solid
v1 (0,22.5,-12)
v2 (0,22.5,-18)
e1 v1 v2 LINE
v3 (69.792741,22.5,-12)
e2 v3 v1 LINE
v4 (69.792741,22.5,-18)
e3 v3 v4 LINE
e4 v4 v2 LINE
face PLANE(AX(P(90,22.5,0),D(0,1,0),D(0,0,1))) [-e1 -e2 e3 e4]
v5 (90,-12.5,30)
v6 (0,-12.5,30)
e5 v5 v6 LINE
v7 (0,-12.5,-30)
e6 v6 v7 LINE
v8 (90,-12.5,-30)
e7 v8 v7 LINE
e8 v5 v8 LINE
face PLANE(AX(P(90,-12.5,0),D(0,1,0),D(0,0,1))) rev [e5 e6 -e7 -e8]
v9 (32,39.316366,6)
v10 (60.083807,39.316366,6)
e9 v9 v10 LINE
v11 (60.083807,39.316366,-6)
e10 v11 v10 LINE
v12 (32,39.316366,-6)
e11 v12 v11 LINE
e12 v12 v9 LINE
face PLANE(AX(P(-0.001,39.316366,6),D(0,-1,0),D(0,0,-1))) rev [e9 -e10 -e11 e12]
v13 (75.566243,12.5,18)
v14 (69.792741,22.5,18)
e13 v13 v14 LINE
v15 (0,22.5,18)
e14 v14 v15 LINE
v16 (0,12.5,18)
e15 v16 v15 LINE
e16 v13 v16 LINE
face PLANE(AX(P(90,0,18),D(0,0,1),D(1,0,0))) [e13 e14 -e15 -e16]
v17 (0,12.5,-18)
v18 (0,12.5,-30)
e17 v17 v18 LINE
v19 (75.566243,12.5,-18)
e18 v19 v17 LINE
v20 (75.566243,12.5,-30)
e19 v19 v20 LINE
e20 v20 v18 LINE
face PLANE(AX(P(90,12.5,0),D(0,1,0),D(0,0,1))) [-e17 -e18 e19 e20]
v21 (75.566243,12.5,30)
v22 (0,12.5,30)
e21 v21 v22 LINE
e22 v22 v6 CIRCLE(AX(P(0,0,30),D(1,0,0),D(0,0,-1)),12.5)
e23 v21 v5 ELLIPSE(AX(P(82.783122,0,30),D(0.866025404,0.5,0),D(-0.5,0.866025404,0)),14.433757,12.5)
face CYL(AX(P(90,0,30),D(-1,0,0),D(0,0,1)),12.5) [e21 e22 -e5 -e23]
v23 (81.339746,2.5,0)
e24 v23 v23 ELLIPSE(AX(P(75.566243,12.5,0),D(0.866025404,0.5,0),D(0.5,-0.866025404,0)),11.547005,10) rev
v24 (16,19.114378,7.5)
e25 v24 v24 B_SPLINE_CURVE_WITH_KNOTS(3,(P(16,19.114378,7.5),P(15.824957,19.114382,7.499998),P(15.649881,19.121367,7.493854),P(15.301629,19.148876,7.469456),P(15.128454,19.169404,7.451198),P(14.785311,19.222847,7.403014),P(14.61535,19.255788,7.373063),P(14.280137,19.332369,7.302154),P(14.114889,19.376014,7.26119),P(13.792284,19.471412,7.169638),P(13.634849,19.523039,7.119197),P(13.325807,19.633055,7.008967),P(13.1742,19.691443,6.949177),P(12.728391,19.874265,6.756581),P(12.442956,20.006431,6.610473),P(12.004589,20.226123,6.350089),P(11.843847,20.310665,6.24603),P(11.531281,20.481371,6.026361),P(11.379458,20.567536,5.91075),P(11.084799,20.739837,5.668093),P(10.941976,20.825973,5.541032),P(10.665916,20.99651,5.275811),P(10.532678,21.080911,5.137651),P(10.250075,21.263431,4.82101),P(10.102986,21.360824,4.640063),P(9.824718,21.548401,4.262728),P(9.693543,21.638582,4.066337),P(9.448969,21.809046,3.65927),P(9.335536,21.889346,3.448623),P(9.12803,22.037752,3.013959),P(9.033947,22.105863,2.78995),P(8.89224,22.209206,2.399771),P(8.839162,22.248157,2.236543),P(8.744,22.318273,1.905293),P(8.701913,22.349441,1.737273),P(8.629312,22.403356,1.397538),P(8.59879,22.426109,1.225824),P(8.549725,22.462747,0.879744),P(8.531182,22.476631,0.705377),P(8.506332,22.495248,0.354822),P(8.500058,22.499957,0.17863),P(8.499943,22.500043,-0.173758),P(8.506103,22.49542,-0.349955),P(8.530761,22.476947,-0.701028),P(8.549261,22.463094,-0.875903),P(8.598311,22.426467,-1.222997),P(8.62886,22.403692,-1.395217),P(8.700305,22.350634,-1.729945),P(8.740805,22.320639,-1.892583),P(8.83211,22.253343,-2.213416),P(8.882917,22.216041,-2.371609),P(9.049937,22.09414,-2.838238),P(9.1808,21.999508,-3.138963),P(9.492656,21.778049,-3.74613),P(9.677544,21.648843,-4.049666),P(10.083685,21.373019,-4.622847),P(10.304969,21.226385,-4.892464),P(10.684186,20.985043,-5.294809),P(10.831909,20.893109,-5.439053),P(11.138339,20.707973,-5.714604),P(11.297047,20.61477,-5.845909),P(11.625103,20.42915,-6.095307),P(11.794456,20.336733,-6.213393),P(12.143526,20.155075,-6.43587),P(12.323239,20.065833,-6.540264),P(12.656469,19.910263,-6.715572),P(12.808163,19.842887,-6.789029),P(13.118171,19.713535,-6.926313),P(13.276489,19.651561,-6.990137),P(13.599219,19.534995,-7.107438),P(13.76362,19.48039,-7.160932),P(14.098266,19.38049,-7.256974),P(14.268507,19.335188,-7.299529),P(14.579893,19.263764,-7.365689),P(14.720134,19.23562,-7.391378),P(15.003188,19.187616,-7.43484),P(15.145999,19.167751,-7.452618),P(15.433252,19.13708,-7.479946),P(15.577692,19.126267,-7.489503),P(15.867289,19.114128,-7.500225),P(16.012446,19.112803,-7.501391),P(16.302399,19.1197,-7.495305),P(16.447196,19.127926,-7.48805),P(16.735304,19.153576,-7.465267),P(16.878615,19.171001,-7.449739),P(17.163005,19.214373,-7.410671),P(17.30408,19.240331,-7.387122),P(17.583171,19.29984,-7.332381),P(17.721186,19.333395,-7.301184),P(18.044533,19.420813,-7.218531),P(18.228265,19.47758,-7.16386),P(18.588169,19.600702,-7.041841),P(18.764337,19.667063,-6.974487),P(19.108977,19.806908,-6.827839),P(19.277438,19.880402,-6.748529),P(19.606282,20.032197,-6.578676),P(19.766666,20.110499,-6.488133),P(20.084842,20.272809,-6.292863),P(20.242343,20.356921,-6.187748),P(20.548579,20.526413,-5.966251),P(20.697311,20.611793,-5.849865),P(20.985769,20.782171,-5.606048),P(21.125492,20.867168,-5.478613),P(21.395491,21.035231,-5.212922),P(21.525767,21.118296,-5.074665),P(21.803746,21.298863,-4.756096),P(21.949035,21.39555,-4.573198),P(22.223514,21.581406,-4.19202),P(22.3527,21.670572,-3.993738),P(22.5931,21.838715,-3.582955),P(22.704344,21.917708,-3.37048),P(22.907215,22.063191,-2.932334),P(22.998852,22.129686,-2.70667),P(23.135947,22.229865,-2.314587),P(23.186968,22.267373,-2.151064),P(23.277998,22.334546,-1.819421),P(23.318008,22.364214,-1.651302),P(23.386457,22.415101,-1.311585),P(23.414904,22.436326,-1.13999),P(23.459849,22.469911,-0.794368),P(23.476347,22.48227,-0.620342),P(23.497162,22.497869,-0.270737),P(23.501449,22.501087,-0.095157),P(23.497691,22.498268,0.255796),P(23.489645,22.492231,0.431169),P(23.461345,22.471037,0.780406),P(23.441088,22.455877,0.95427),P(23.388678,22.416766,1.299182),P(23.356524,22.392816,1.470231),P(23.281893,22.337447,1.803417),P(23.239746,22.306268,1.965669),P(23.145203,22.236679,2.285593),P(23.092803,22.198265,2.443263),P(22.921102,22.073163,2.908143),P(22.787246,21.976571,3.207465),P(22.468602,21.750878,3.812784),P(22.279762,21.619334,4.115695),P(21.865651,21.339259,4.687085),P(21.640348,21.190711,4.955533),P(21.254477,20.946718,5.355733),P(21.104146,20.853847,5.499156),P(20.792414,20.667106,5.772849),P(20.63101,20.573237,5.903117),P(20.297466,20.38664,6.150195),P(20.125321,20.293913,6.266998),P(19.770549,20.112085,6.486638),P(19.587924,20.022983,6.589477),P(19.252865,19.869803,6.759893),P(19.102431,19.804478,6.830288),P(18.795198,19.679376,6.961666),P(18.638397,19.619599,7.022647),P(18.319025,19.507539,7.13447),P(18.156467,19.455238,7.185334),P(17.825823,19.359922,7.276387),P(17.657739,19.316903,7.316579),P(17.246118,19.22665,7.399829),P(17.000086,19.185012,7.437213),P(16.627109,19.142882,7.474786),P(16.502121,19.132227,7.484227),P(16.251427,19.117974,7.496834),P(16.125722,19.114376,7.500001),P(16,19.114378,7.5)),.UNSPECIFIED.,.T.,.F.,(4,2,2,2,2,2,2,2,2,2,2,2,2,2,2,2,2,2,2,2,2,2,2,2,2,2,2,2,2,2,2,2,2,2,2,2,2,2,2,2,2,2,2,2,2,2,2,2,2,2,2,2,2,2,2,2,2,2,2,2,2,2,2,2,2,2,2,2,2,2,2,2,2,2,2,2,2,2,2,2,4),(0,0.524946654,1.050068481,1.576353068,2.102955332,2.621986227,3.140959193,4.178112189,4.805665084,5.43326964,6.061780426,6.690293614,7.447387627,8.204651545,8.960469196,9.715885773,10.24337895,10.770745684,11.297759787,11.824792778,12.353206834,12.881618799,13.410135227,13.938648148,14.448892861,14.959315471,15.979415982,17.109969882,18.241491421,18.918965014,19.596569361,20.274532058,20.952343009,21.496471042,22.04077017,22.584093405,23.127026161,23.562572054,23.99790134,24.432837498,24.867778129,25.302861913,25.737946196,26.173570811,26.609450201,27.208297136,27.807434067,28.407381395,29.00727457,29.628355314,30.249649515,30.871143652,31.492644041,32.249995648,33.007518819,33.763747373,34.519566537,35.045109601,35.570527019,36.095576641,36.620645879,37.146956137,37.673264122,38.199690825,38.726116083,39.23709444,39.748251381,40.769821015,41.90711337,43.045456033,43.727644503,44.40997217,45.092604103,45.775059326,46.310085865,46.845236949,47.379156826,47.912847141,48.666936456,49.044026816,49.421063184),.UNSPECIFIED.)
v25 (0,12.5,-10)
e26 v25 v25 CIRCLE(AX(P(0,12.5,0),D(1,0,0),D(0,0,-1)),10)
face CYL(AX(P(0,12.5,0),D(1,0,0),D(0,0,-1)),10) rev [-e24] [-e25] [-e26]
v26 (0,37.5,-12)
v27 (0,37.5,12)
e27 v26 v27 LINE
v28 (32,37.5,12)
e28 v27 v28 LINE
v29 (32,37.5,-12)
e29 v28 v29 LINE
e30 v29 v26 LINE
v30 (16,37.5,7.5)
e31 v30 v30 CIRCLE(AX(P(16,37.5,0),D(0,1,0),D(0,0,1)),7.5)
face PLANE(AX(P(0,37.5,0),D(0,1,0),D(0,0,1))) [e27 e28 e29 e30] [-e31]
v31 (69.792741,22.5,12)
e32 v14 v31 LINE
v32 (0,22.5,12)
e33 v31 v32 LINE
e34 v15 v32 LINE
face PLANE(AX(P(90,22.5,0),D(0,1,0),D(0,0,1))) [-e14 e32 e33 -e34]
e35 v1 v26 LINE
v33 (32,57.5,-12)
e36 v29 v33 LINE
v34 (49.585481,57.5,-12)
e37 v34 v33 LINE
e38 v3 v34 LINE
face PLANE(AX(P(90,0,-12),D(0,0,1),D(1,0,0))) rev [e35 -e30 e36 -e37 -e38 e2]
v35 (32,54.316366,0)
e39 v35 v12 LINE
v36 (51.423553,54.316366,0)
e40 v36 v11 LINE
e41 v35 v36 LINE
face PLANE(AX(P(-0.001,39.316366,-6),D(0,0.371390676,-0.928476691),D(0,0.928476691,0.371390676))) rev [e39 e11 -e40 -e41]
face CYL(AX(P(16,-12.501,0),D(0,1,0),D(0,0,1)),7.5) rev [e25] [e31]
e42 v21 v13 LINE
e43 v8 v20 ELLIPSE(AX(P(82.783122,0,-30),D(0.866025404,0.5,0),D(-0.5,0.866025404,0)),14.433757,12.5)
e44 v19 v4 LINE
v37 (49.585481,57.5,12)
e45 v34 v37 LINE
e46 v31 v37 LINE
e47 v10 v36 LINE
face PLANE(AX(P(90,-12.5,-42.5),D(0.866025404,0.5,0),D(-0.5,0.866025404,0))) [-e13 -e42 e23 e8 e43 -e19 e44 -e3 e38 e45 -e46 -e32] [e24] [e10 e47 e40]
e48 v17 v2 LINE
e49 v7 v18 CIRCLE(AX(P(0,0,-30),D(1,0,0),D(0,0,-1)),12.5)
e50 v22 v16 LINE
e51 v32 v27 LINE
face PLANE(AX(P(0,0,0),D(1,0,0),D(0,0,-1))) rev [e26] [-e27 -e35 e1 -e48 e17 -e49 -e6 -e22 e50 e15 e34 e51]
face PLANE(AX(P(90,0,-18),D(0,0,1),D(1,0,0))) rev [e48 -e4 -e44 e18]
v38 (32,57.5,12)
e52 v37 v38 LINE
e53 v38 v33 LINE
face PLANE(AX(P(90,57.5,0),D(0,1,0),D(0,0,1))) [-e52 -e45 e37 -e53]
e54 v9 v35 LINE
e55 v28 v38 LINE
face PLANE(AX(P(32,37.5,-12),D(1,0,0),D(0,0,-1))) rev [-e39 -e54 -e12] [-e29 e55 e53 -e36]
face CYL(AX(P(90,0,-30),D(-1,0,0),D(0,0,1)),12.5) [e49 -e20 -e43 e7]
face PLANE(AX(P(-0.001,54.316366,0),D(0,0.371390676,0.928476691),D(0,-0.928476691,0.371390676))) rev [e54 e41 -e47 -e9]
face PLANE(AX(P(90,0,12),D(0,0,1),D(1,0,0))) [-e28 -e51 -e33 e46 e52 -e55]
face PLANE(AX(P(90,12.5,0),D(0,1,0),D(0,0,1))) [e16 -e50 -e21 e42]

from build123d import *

# Parameters (mm, degrees)
SKETCH3_W               = 24
SKETCH3_H               = 35
BOSS_EXTRUDE1_DEPTH     = 90
SKETCH4_R               = 10
CUT_EXTRUDE1_DEPTH      = 91
SKETCH6_W               = 32
SKETCH6_H               = 24
CUT_EXTRUDE2_DEPTH      = 20
CUT_EXTRUDE4_REACH      = 52
SKETCH7_R               = 7.5
CUT_EXTRUDE5_DEPTH      = 31.5
CUT_EXTRUDE5_DEPTH_BACK = 55.5
CUT_EXTRUDE6_REACH      = 92


with BuildPart() as part:
    # Sketch3 → Boss-Extrude1 (new body)
    with BuildSketch(Plane(origin=(0, 0, 0), x_dir=(0, 0, -1), z_dir=(1, 0, 0))):
        with BuildLine():
            Line((-30, -12.5), (30, -12.5))
            ThreePointArc((30, -12.5), (42.5, 0), (30, 12.5))
            Line((30, 12.5), (-30, 12.5))
            ThreePointArc((-30, 12.5), (-42.5, 0), (-30, -12.5))
        make_face()
        Polygon((-18, 22.5), (-18, 12.5), (18, 12.5), (18, 22.5), (12, 22.5), (-12, 22.5), align=None)
        with Locations((0, 40)):
            Rectangle(SKETCH3_W, SKETCH3_H)
    extrude(amount=BOSS_EXTRUDE1_DEPTH)

    # Sketch4 → Cut-Extrude1 (cut, through all)
    with BuildSketch(Plane(origin=(90, 0, 0), x_dir=(0, 0, -1), z_dir=(1, 0, 0))):
        with Locations((0, 12.5)):
            Circle(SKETCH4_R)
    extrude(amount=-CUT_EXTRUDE1_DEPTH, mode=Mode.SUBTRACT)

    # Sketch6 → Cut-Extrude2 (cut)
    with BuildSketch(Plane(origin=(0, 57.5, 0), x_dir=(1, 0, 0), z_dir=(0, 1, 0))):
        with Locations((16, 0)):
            Rectangle(SKETCH6_W, SKETCH6_H)
    extrude(amount=-CUT_EXTRUDE2_DEPTH, mode=Mode.SUBTRACT)

    # Sketch7 → Cut-Extrude4 (cut, up to next)
    with BuildSketch(Plane(origin=(0, 37.5, 0), x_dir=(1, 0, 0), z_dir=(0, 1, 0)), mode=Mode.PRIVATE) as cut_extrude4_sk1:
        with Locations((16, 0)):
            Circle(SKETCH7_R)
    cut_extrude4_tool1 = extrude(cut_extrude4_sk1.sketch, amount=-CUT_EXTRUDE4_REACH, mode=Mode.PRIVATE) & part.part
    add(cut_extrude4_tool1.solids().sort_by_distance((16, 37.5, 0))[0], mode=Mode.SUBTRACT)

    # Sketch9 → Cut-Extrude5 (cut, two sides)
    with BuildSketch(Plane.XY.offset(12)) as cut_extrude5_sk:
        Polygon((90, 22.5), (90, 57.5), (49.585481157, 57.5), (90, -12.5), (90, 12.5), align=None)
    extrude(amount=CUT_EXTRUDE5_DEPTH, mode=Mode.SUBTRACT)
    extrude(cut_extrude5_sk.sketch, amount=-CUT_EXTRUDE5_DEPTH_BACK, mode=Mode.SUBTRACT)

    # Sketch15 → Cut-Extrude6 (cut, up to next)
    with BuildSketch(Plane(origin=(90, 0, 0), x_dir=(0, 0, -1), z_dir=(1, 0, 0)), mode=Mode.PRIVATE) as cut_extrude6_sk1:
        Polygon((0, 54.316366077), (-6, 39.316366077), (6, 39.316366077), align=None)
    cut_extrude6_tool1 = extrude(cut_extrude6_sk1.sketch, amount=-CUT_EXTRUDE6_REACH, mode=Mode.PRIVATE) & part.part
    add(cut_extrude6_tool1.solids().sort_by_distance((90, 44.316366, 0))[0], mode=Mode.SUBTRACT)


solid = part.part
